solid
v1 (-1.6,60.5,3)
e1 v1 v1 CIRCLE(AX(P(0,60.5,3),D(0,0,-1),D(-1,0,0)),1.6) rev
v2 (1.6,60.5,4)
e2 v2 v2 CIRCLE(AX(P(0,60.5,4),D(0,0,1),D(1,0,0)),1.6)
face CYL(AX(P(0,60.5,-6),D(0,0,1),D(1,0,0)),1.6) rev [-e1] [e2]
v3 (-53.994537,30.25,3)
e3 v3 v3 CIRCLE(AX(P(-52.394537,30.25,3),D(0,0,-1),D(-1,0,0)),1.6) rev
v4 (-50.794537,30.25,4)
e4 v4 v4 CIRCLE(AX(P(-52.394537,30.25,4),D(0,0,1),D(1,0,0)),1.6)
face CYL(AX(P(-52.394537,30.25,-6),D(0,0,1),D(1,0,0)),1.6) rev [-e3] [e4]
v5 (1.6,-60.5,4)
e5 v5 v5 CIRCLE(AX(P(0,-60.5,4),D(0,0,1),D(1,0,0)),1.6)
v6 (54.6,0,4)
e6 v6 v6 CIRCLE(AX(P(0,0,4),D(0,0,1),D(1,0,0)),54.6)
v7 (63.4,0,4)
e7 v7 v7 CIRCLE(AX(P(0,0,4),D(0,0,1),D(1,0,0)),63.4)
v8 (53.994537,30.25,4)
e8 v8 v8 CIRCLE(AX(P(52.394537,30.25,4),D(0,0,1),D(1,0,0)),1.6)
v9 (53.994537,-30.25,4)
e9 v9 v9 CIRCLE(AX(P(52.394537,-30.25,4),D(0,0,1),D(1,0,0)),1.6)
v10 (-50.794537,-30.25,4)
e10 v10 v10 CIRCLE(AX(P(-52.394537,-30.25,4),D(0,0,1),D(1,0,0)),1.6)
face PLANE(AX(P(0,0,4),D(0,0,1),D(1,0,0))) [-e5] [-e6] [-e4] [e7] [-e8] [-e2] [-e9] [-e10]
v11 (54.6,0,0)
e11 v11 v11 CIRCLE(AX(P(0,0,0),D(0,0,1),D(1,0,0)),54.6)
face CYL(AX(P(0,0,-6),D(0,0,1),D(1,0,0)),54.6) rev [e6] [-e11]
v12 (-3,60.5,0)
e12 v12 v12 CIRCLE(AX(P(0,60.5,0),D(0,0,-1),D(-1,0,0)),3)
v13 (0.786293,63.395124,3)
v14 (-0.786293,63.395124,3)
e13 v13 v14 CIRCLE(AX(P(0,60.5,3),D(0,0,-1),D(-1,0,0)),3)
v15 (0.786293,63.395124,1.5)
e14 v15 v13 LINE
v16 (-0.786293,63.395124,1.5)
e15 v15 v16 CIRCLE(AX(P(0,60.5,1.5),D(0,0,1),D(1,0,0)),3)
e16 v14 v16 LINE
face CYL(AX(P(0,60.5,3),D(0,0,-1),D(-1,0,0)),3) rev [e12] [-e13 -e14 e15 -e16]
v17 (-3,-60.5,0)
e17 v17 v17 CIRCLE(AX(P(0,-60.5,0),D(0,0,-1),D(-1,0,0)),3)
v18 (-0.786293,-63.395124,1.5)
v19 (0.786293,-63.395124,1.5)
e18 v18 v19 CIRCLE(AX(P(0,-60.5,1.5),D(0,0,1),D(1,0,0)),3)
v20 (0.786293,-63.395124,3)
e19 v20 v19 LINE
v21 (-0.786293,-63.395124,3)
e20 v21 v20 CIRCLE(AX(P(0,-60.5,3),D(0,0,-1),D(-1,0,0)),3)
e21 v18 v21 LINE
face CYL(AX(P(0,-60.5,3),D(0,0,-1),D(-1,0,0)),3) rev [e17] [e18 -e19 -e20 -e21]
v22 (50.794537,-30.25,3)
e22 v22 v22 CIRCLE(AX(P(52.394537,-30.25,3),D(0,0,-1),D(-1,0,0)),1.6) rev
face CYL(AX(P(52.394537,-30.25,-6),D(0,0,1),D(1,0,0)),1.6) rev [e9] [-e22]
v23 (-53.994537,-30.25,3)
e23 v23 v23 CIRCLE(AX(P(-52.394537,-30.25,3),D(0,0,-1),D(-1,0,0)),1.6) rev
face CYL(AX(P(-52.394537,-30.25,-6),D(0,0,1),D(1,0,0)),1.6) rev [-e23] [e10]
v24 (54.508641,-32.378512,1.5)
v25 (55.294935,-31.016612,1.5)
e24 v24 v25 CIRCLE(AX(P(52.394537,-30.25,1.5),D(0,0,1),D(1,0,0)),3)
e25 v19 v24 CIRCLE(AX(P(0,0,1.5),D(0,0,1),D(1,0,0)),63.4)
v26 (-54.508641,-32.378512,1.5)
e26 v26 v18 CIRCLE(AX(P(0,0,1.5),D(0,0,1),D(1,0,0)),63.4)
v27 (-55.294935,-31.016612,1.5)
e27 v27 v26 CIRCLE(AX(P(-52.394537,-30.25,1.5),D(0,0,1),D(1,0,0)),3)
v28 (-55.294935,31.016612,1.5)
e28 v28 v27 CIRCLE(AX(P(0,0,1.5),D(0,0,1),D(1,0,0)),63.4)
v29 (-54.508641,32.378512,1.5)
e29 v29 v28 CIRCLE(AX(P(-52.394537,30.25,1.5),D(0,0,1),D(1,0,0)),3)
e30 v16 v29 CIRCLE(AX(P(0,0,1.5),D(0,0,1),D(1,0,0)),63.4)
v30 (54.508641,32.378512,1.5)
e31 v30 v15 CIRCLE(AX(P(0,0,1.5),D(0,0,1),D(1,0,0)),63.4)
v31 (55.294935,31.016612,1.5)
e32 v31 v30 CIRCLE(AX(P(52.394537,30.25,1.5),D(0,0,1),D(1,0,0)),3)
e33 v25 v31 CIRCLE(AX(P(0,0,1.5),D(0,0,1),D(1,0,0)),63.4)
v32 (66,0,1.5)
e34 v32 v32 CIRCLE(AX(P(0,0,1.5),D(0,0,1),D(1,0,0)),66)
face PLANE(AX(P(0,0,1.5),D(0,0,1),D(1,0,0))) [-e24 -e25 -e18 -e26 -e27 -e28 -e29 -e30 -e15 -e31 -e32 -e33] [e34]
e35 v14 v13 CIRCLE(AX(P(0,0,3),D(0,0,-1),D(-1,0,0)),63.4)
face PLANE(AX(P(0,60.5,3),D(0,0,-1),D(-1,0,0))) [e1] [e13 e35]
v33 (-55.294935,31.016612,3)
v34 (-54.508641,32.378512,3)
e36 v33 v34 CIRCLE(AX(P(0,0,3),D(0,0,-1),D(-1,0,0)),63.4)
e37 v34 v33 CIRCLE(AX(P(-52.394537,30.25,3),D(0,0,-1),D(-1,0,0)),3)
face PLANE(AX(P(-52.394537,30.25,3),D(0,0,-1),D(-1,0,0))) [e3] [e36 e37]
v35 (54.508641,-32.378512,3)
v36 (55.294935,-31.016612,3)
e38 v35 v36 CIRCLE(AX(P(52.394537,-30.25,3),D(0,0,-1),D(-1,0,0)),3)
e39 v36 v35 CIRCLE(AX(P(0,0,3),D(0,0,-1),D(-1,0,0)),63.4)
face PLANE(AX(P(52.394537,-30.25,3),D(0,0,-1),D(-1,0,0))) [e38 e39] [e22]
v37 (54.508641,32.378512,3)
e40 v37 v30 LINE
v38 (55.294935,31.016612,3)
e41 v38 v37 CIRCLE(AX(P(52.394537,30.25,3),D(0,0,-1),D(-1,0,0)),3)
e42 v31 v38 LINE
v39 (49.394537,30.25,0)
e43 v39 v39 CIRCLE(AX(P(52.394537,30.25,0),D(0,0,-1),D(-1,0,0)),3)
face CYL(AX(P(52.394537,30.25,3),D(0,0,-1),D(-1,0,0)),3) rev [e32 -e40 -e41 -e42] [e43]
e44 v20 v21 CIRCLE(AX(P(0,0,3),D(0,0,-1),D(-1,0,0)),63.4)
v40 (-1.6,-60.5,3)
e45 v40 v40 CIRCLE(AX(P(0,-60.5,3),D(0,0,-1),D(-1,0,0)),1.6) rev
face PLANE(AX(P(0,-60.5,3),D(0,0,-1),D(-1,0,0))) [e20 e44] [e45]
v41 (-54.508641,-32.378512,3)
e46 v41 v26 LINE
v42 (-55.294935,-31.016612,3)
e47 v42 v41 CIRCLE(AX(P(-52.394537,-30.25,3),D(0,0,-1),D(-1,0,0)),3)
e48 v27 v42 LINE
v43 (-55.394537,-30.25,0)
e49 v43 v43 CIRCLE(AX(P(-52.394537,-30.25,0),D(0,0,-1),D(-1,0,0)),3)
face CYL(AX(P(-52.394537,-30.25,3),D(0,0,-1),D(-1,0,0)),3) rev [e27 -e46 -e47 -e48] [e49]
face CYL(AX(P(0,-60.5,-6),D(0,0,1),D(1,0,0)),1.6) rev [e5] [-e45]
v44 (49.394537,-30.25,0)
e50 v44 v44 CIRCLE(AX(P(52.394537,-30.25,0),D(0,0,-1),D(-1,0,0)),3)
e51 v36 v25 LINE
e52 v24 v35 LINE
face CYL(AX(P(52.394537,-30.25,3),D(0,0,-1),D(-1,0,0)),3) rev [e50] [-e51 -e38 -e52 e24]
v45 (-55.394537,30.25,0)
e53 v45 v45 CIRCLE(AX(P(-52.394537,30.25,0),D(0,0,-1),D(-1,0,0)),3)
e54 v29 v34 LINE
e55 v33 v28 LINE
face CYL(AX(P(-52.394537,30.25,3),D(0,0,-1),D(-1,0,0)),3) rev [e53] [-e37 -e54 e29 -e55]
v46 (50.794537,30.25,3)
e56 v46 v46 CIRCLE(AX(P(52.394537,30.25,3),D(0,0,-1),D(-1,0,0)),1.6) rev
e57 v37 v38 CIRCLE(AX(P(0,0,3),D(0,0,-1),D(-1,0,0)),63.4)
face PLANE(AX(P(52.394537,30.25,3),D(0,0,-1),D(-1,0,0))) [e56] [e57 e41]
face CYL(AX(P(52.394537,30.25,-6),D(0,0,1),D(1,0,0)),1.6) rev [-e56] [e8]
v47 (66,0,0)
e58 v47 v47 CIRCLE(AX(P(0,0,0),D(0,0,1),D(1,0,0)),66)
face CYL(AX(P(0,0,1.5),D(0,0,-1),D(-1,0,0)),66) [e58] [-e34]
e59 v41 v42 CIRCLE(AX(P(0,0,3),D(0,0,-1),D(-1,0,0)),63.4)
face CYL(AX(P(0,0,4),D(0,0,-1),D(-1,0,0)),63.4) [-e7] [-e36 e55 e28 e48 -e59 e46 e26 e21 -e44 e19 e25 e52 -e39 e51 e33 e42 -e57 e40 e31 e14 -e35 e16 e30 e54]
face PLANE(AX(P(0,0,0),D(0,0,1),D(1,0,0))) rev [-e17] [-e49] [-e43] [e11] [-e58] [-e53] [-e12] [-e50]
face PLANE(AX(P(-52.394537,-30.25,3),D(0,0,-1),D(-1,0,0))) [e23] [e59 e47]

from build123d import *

# Parameters (mm, degrees)
SKETCH1_R           = 66
BOSS_EXTRUDE1_DEPTH = 1.5
SKETCH2_R           = 63.4
BOSS_EXTRUDE2_DEPTH = 2.5
SKETCH3_R           = 54.6
CUT_EXTRUDE1_DEPTH  = 10
SKETCH4_R           = 1.6
CUT_EXTRUDE2_DEPTH  = 10
SKETCH5_R           = 3
CUT_EXTRUDE3_DEPTH  = 3


with BuildPart() as part:
    # Sketch1 → Boss-Extrude1 (new body)
    with BuildSketch(Plane.XY):
        Circle(SKETCH1_R)
    extrude(amount=BOSS_EXTRUDE1_DEPTH)

    # Sketch2 → Boss-Extrude2 (add)
    with BuildSketch(Plane.XY.offset(1.5)):
        Circle(SKETCH2_R)
    extrude(amount=BOSS_EXTRUDE2_DEPTH)

    # Sketch3 → Cut-Extrude1 (cut)
    with BuildSketch(Plane.XY.offset(4)):
        Circle(SKETCH3_R)
    extrude(amount=-CUT_EXTRUDE1_DEPTH, mode=Mode.SUBTRACT)

    # Sketch4 → Cut-Extrude2 (cut)
    with BuildSketch(Plane.XY.offset(4)):
        with Locations((0, 60.5)):
            Circle(SKETCH4_R)
        with Locations((52.394536929, 30.25)):
            Circle(SKETCH4_R)
        with Locations((52.394536929, -30.25)):
            Circle(SKETCH4_R)
        with Locations((0, -60.5)):
            Circle(SKETCH4_R)
        with Locations((-52.394536929, -30.25)):
            Circle(SKETCH4_R)
        with Locations((-52.394536929, 30.25)):
            Circle(SKETCH4_R)
    extrude(amount=-CUT_EXTRUDE2_DEPTH, mode=Mode.SUBTRACT)

    # Sketch5 → Cut-Extrude3 (cut)
    with BuildSketch(Plane(origin=(0, 0, 0), x_dir=(-1, 0, 0), z_dir=(0, 0, -1))):
        with Locations((-52.394536929, 30.25)):
            Circle(SKETCH5_R)
        with Locations((0, 60.5)):
            Circle(SKETCH5_R)
        with Locations((-52.394536929, -30.25)):
            Circle(SKETCH5_R)
        with Locations((0, -60.5)):
            Circle(SKETCH5_R)
        with Locations((52.394536929, -30.25)):
            Circle(SKETCH5_R)
        with Locations((52.394536929, 30.25)):
            Circle(SKETCH5_R)
    extrude(amount=-CUT_EXTRUDE3_DEPTH, mode=Mode.SUBTRACT)


solid = part.part
